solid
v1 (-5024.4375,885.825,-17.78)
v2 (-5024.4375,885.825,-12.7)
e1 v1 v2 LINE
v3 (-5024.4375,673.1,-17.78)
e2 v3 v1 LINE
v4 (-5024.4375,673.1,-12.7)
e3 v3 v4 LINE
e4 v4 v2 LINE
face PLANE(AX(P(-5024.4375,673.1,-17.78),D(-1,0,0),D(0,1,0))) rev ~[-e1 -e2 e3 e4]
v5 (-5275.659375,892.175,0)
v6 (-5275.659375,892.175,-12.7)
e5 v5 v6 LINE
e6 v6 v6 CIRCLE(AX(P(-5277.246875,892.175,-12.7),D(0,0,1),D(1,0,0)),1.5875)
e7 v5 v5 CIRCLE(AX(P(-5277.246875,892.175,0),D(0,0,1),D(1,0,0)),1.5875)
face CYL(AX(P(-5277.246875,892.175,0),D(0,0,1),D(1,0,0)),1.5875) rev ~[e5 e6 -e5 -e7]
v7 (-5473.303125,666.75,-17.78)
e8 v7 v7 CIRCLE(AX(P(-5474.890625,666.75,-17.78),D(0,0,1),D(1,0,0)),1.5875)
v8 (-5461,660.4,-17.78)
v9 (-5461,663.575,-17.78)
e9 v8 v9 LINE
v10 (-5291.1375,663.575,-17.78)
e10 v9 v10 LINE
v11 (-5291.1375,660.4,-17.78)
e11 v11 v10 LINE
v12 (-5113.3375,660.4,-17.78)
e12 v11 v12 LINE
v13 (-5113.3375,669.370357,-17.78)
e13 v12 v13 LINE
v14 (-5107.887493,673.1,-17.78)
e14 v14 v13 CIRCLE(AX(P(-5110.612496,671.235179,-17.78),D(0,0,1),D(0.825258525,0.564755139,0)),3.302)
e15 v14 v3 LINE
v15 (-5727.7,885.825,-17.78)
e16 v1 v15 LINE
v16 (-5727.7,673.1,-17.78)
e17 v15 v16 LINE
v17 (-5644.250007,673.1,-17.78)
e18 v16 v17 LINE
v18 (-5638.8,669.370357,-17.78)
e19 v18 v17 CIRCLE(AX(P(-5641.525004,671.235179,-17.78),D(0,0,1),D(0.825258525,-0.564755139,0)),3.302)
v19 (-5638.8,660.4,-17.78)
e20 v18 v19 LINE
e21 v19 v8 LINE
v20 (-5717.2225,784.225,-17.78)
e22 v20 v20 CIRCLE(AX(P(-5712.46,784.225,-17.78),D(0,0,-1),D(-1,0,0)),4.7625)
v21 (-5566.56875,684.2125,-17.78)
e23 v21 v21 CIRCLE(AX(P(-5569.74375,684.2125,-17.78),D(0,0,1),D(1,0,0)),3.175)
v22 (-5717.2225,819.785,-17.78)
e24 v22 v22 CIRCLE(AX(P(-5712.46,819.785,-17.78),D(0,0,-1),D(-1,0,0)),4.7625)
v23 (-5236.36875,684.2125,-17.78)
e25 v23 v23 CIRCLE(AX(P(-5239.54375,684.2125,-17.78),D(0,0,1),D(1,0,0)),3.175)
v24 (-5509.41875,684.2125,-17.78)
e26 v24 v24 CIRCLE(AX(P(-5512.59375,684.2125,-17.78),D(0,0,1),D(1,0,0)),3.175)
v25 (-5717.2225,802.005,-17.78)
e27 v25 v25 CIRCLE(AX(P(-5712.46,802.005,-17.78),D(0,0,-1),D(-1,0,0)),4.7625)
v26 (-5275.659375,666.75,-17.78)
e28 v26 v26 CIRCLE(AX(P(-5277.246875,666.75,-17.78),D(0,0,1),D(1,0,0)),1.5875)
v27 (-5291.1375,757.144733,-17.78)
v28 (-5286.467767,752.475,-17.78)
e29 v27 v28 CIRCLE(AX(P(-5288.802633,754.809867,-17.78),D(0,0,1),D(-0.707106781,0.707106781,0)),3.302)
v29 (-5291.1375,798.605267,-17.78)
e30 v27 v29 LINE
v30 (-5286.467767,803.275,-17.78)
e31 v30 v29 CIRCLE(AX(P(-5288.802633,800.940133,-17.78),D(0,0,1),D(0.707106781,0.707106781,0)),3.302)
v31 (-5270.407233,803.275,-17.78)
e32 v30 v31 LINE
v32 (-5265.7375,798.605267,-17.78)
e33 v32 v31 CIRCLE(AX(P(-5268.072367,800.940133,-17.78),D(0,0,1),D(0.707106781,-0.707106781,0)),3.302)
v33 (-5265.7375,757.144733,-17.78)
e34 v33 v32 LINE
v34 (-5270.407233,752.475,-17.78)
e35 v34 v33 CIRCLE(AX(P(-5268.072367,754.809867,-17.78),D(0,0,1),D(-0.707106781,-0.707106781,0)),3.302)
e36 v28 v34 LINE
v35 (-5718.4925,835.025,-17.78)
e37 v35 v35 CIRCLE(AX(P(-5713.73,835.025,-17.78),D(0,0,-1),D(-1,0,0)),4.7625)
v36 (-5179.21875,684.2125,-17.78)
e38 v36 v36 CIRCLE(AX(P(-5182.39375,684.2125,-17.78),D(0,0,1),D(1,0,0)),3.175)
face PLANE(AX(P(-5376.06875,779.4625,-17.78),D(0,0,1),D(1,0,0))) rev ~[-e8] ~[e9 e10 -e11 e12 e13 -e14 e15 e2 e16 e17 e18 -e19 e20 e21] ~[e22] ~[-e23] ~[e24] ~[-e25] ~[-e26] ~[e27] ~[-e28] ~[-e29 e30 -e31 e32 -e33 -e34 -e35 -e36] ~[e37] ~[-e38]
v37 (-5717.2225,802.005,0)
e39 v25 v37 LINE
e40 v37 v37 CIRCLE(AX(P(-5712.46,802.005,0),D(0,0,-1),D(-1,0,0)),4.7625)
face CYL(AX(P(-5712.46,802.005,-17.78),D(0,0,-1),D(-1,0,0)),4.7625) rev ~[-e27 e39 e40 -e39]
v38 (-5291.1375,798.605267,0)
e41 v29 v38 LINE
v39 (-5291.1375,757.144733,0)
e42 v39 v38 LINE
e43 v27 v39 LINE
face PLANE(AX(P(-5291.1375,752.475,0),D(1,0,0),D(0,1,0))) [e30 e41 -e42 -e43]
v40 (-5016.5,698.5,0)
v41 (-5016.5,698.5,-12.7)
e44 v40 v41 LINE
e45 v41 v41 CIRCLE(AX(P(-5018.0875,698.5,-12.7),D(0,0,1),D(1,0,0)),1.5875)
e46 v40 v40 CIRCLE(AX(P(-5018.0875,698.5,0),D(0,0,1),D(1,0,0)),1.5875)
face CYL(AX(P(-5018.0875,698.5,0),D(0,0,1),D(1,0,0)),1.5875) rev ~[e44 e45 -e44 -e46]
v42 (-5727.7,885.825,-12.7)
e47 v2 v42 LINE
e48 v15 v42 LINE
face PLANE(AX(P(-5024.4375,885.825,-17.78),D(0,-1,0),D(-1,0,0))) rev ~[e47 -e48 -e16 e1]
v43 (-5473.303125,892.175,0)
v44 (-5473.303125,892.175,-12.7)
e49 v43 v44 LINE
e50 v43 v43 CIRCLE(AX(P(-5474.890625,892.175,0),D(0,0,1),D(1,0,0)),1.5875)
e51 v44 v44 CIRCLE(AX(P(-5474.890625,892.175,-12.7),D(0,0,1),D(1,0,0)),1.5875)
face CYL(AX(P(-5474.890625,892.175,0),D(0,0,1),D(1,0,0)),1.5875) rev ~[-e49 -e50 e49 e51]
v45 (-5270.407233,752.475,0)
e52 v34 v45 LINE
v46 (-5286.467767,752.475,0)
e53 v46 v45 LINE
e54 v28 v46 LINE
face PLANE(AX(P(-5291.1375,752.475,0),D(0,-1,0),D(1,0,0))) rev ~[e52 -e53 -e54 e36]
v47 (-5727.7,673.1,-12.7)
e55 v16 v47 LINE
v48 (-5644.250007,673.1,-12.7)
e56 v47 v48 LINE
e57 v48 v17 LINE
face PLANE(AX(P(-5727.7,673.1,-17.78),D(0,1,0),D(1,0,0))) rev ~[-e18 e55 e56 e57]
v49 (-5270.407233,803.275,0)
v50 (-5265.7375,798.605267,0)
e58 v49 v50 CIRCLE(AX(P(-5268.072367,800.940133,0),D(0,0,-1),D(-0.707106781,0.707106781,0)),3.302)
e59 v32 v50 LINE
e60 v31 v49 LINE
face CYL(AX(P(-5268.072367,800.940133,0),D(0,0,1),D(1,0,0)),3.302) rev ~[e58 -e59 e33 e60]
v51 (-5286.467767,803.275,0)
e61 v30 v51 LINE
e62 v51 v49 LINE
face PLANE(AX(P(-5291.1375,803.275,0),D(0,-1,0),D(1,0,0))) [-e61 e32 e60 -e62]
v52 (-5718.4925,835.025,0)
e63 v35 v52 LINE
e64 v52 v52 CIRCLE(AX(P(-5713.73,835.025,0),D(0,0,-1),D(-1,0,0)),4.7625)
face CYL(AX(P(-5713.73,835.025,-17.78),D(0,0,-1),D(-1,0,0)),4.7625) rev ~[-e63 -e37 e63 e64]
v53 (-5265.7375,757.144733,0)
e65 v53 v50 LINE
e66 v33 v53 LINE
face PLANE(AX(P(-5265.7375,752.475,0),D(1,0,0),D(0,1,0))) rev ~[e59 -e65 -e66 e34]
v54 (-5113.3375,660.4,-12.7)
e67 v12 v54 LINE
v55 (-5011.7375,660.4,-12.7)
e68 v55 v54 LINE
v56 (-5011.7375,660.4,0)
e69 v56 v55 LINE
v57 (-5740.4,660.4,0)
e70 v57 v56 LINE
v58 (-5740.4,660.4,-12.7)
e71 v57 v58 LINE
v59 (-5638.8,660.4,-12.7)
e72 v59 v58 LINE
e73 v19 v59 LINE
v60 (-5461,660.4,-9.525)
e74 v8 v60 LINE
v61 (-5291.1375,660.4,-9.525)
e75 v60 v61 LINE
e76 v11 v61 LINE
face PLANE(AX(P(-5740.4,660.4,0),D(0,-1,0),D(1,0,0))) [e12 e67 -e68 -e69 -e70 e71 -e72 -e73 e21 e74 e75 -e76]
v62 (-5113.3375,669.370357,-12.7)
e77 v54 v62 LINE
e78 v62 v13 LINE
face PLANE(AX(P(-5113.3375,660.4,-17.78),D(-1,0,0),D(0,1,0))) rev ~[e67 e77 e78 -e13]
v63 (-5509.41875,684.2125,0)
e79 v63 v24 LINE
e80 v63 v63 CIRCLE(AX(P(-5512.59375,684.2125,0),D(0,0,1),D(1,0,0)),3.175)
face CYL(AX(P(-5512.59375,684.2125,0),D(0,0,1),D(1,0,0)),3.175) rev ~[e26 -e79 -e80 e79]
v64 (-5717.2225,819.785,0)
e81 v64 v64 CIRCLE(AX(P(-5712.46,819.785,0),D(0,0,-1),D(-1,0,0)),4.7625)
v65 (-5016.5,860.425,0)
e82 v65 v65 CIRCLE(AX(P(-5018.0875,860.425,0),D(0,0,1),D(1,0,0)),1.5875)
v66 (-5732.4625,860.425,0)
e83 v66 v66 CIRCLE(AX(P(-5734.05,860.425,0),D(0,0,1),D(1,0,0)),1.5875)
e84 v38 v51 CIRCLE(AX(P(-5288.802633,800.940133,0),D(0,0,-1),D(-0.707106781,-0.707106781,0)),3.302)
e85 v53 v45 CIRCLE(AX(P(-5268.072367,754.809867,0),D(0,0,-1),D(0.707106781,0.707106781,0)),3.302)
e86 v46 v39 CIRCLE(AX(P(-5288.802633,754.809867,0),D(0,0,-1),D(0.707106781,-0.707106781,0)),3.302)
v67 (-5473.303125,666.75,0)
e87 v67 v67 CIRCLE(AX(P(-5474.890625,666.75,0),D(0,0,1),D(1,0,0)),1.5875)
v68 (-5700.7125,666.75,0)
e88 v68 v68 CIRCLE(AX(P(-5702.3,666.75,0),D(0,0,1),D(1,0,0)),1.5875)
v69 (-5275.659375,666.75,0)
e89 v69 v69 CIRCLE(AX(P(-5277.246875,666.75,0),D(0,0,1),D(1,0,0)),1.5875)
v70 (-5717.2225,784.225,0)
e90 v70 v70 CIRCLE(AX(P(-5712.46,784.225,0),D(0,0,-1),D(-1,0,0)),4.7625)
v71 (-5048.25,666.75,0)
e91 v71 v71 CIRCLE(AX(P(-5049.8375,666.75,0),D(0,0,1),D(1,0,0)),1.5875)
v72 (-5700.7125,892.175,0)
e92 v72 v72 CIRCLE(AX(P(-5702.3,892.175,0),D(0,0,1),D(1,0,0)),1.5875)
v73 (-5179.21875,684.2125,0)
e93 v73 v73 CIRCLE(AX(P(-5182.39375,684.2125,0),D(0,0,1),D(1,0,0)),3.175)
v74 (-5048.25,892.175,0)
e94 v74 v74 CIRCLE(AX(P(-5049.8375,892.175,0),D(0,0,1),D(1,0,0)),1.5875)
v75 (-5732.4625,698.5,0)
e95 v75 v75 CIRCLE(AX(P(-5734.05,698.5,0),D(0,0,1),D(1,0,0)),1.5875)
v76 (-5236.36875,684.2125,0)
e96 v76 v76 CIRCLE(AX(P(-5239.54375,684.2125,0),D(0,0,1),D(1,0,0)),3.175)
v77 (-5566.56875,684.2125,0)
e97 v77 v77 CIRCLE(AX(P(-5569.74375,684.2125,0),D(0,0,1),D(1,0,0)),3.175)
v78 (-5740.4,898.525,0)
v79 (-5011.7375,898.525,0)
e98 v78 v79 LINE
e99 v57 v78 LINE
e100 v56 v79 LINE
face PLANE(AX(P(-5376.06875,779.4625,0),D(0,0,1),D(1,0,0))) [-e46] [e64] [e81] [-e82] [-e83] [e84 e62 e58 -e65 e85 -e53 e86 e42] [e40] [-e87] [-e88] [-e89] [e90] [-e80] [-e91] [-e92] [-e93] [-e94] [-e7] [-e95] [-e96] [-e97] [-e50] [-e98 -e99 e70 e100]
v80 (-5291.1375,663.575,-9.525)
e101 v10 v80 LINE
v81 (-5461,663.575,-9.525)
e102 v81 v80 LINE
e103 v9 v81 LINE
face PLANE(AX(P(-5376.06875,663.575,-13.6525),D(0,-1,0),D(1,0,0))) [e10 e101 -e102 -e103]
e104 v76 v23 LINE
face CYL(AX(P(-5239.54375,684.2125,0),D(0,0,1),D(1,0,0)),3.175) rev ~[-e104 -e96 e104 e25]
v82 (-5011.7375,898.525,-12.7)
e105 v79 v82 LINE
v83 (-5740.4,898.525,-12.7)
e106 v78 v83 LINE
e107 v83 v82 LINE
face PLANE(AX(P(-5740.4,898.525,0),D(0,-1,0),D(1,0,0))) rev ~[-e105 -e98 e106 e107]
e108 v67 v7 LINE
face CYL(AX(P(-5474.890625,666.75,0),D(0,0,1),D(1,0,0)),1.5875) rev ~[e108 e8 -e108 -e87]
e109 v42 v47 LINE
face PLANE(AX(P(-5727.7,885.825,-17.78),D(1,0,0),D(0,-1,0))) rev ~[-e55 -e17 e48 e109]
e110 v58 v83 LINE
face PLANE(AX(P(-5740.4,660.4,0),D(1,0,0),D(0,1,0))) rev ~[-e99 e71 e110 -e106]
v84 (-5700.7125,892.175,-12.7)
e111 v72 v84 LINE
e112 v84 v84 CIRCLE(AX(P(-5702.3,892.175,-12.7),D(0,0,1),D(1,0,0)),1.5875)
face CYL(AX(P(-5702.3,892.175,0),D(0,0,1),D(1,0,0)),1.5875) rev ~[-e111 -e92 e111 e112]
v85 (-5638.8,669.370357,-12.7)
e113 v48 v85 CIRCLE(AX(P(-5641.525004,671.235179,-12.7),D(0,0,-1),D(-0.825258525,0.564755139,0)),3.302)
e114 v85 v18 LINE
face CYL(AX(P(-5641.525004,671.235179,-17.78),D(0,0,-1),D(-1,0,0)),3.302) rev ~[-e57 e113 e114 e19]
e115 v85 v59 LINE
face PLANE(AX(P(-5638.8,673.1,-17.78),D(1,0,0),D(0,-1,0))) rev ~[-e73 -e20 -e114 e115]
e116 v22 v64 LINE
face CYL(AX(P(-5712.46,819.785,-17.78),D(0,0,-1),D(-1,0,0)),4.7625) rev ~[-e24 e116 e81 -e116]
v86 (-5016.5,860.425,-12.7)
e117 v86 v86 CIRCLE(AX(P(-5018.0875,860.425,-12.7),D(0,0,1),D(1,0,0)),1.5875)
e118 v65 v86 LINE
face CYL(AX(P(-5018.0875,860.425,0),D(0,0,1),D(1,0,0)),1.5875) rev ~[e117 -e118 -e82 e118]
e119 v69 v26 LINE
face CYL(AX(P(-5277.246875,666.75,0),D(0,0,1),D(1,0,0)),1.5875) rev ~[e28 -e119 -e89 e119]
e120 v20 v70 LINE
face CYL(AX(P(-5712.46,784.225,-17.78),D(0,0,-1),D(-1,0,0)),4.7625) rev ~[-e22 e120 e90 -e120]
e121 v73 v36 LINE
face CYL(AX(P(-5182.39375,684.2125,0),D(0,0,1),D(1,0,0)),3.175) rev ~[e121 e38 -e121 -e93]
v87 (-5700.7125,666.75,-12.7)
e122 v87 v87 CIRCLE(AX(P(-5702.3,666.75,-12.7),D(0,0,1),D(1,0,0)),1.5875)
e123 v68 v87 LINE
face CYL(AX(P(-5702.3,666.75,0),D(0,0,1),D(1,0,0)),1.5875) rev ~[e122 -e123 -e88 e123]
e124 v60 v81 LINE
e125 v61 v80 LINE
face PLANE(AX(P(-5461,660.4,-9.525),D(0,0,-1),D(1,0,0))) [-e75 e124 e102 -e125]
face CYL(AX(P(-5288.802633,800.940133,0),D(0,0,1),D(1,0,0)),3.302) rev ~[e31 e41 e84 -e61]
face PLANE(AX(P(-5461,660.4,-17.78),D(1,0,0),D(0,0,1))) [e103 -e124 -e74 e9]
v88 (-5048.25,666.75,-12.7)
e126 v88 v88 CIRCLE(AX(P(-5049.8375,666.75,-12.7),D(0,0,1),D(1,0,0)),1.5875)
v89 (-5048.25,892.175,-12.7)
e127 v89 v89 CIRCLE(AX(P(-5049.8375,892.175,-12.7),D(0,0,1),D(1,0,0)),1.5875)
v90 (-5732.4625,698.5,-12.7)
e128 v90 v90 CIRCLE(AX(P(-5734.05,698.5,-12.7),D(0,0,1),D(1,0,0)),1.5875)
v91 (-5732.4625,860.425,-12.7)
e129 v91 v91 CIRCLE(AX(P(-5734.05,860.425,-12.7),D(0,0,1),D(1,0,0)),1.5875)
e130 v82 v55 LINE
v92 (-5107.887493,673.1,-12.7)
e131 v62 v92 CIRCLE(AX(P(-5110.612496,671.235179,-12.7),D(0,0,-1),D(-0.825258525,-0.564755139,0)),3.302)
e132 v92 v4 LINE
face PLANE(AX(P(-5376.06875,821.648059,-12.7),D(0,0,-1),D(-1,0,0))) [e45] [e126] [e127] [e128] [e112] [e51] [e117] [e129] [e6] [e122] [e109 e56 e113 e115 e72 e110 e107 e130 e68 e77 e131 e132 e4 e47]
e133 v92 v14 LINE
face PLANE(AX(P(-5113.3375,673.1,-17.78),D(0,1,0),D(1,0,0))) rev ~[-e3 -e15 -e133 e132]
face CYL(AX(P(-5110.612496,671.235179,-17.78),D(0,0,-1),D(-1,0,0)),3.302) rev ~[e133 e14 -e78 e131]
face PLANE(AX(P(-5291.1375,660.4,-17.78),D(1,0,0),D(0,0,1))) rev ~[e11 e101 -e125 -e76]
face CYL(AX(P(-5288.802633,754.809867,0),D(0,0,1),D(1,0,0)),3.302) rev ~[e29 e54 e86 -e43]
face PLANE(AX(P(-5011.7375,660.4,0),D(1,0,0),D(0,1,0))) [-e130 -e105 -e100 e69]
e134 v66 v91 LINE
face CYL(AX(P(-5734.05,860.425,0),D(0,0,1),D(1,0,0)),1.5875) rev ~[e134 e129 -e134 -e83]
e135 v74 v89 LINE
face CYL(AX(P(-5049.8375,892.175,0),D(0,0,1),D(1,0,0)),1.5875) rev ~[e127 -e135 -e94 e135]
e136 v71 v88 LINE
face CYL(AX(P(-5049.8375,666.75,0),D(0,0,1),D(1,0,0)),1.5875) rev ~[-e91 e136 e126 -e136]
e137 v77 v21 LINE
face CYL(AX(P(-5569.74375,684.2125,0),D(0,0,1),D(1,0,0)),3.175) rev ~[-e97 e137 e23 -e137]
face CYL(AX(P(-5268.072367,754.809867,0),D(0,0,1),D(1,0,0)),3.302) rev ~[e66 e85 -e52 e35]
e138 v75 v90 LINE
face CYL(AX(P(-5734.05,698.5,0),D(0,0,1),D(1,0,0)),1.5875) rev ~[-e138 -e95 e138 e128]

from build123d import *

# Parameters (mm, degrees)
SKETCH2_W          = 728.6625
SKETCH2_H          = 238.125
EXTRUDE1_DEPTH     = 17.78
SKETCH3_R          = 1.5875
SKETCH3_R_2        = 3.175
SKETCH3_W          = 25.4
SKETCH3_H          = 50.8
CUT_EXTRUDE1_DEPTH = 17.78
SKETCH6_R          = 3.302
CUT_EXTRUDE4_DEPTH = 17.78
SKETCH4_W          = 169.8625
SKETCH4_H          = 8.255
CUT_EXTRUDE2_DEPTH = 3.175
CUT_EXTRUDE3_DEPTH = 5.08
SKETCH7_R          = 3.302
CUT_EXTRUDE5_DEPTH = 5.08
SKETCH8_R          = 4.7625
CUT_EXTRUDE6_DEPTH = 17.78


with BuildPart() as part:
    # Sketch2 → Extrude1 (new body)
    with BuildSketch(Plane.XY):
        with Locations((-5376.06875, 779.4625)):
            Rectangle(SKETCH2_W, SKETCH2_H)
    extrude(amount=-EXTRUDE1_DEPTH)

    # Sketch3 → Cut-Extrude1 (cut)
    with BuildSketch(Plane.XY):
        with Locations((-5702.3, 892.175)):
            Circle(SKETCH3_R)
        with Locations((-5734.05, 860.425)):
            Circle(SKETCH3_R)
        with Locations((-5734.05, 698.5)):
            Circle(SKETCH3_R)
        with Locations((-5702.3, 666.75)):
            Circle(SKETCH3_R)
        with Locations((-5569.74375, 684.2125)):
            Circle(SKETCH3_R_2)
        with Locations((-5512.59375, 684.2125)):
            Circle(SKETCH3_R_2)
        with Locations((-5474.890625, 666.75)):
            Circle(SKETCH3_R)
        with Locations((-5277.246875, 666.75)):
            Circle(SKETCH3_R)
        with Locations((-5239.54375, 684.2125)):
            Circle(SKETCH3_R_2)
        with Locations((-5182.39375, 684.2125)):
            Circle(SKETCH3_R_2)
        with Locations((-5049.8375, 666.75)):
            Circle(SKETCH3_R)
        with Locations((-5018.0875, 698.5)):
            Circle(SKETCH3_R)
        with Locations((-5018.0875, 860.425)):
            Circle(SKETCH3_R)
        with Locations((-5049.8375, 892.175)):
            Circle(SKETCH3_R)
        with Locations((-5277.246875, 892.175)):
            Circle(SKETCH3_R)
        with Locations((-5474.890625, 892.175)):
            Circle(SKETCH3_R)
        with Locations((-5278.4375, 777.875)):
            Rectangle(SKETCH3_W, SKETCH3_H)
    extrude(amount=-CUT_EXTRUDE1_DEPTH, mode=Mode.SUBTRACT)

    # Sketch6 → Cut-Extrude4 (cut)
    with BuildSketch(Plane.XY):
        with Locations((-5288.802633409, 800.940133409)):
            Circle(SKETCH6_R)
        with Locations((-5268.072366591, 800.940133409)):
            Circle(SKETCH6_R)
        with Locations((-5288.802633409, 754.809866591)):
            Circle(SKETCH6_R)
        with Locations((-5268.072366591, 754.809866591)):
            Circle(SKETCH6_R)
    extrude(amount=-CUT_EXTRUDE4_DEPTH, mode=Mode.SUBTRACT)

    # Sketch4 → Cut-Extrude2 (cut)
    with BuildSketch(Plane.XZ.offset(-660.4)):
        with Locations((-5376.06875, -13.6525)):
            Rectangle(SKETCH4_W, SKETCH4_H)
    extrude(amount=-CUT_EXTRUDE2_DEPTH, mode=Mode.SUBTRACT)

    # Sketch5 → Cut-Extrude3 (cut)
    with BuildSketch(Plane(origin=(0, 0, -17.78), x_dir=(-1, 0, 0), z_dir=(0, 0, -1))):
        Polygon((5011.7375, 660.4), (5113.3375, 660.4), (5113.3375, 673.1), (5024.4375, 673.1), (5024.4375, 885.825), (5727.7, 885.825), (5727.7, 673.1), (5638.8, 673.1), (5638.8, 660.4), (5740.4, 660.4), (5740.4, 898.525), (5011.7375, 898.525), align=None)
    extrude(amount=-CUT_EXTRUDE3_DEPTH, mode=Mode.SUBTRACT)

    # Sketch7 → Cut-Extrude5 (cut)
    with BuildSketch(Plane(origin=(0, 0, -17.78), x_dir=(-1, 0, 0), z_dir=(0, 0, -1))):
        with Locations((5641.525003649, 671.235178531)):
            Circle(SKETCH7_R)
        with Locations((5110.612496351, 671.235178531)):
            Circle(SKETCH7_R)
    extrude(amount=-CUT_EXTRUDE5_DEPTH, mode=Mode.SUBTRACT)

    # Sketch8 → Cut-Extrude6 (cut)
    with BuildSketch(Plane(origin=(0, 0, -17.78), x_dir=(-1, 0, 0), z_dir=(0, 0, -1))):
        with Locations((5713.73, 835.025)):
            Circle(SKETCH8_R)
        with Locations((5712.46, 819.785)):
            Circle(SKETCH8_R)
        with Locations((5712.46, 802.005)):
            Circle(SKETCH8_R)
        with Locations((5712.46, 784.225)):
            Circle(SKETCH8_R)
    extrude(amount=-CUT_EXTRUDE6_DEPTH, mode=Mode.SUBTRACT)


solid = part.part
